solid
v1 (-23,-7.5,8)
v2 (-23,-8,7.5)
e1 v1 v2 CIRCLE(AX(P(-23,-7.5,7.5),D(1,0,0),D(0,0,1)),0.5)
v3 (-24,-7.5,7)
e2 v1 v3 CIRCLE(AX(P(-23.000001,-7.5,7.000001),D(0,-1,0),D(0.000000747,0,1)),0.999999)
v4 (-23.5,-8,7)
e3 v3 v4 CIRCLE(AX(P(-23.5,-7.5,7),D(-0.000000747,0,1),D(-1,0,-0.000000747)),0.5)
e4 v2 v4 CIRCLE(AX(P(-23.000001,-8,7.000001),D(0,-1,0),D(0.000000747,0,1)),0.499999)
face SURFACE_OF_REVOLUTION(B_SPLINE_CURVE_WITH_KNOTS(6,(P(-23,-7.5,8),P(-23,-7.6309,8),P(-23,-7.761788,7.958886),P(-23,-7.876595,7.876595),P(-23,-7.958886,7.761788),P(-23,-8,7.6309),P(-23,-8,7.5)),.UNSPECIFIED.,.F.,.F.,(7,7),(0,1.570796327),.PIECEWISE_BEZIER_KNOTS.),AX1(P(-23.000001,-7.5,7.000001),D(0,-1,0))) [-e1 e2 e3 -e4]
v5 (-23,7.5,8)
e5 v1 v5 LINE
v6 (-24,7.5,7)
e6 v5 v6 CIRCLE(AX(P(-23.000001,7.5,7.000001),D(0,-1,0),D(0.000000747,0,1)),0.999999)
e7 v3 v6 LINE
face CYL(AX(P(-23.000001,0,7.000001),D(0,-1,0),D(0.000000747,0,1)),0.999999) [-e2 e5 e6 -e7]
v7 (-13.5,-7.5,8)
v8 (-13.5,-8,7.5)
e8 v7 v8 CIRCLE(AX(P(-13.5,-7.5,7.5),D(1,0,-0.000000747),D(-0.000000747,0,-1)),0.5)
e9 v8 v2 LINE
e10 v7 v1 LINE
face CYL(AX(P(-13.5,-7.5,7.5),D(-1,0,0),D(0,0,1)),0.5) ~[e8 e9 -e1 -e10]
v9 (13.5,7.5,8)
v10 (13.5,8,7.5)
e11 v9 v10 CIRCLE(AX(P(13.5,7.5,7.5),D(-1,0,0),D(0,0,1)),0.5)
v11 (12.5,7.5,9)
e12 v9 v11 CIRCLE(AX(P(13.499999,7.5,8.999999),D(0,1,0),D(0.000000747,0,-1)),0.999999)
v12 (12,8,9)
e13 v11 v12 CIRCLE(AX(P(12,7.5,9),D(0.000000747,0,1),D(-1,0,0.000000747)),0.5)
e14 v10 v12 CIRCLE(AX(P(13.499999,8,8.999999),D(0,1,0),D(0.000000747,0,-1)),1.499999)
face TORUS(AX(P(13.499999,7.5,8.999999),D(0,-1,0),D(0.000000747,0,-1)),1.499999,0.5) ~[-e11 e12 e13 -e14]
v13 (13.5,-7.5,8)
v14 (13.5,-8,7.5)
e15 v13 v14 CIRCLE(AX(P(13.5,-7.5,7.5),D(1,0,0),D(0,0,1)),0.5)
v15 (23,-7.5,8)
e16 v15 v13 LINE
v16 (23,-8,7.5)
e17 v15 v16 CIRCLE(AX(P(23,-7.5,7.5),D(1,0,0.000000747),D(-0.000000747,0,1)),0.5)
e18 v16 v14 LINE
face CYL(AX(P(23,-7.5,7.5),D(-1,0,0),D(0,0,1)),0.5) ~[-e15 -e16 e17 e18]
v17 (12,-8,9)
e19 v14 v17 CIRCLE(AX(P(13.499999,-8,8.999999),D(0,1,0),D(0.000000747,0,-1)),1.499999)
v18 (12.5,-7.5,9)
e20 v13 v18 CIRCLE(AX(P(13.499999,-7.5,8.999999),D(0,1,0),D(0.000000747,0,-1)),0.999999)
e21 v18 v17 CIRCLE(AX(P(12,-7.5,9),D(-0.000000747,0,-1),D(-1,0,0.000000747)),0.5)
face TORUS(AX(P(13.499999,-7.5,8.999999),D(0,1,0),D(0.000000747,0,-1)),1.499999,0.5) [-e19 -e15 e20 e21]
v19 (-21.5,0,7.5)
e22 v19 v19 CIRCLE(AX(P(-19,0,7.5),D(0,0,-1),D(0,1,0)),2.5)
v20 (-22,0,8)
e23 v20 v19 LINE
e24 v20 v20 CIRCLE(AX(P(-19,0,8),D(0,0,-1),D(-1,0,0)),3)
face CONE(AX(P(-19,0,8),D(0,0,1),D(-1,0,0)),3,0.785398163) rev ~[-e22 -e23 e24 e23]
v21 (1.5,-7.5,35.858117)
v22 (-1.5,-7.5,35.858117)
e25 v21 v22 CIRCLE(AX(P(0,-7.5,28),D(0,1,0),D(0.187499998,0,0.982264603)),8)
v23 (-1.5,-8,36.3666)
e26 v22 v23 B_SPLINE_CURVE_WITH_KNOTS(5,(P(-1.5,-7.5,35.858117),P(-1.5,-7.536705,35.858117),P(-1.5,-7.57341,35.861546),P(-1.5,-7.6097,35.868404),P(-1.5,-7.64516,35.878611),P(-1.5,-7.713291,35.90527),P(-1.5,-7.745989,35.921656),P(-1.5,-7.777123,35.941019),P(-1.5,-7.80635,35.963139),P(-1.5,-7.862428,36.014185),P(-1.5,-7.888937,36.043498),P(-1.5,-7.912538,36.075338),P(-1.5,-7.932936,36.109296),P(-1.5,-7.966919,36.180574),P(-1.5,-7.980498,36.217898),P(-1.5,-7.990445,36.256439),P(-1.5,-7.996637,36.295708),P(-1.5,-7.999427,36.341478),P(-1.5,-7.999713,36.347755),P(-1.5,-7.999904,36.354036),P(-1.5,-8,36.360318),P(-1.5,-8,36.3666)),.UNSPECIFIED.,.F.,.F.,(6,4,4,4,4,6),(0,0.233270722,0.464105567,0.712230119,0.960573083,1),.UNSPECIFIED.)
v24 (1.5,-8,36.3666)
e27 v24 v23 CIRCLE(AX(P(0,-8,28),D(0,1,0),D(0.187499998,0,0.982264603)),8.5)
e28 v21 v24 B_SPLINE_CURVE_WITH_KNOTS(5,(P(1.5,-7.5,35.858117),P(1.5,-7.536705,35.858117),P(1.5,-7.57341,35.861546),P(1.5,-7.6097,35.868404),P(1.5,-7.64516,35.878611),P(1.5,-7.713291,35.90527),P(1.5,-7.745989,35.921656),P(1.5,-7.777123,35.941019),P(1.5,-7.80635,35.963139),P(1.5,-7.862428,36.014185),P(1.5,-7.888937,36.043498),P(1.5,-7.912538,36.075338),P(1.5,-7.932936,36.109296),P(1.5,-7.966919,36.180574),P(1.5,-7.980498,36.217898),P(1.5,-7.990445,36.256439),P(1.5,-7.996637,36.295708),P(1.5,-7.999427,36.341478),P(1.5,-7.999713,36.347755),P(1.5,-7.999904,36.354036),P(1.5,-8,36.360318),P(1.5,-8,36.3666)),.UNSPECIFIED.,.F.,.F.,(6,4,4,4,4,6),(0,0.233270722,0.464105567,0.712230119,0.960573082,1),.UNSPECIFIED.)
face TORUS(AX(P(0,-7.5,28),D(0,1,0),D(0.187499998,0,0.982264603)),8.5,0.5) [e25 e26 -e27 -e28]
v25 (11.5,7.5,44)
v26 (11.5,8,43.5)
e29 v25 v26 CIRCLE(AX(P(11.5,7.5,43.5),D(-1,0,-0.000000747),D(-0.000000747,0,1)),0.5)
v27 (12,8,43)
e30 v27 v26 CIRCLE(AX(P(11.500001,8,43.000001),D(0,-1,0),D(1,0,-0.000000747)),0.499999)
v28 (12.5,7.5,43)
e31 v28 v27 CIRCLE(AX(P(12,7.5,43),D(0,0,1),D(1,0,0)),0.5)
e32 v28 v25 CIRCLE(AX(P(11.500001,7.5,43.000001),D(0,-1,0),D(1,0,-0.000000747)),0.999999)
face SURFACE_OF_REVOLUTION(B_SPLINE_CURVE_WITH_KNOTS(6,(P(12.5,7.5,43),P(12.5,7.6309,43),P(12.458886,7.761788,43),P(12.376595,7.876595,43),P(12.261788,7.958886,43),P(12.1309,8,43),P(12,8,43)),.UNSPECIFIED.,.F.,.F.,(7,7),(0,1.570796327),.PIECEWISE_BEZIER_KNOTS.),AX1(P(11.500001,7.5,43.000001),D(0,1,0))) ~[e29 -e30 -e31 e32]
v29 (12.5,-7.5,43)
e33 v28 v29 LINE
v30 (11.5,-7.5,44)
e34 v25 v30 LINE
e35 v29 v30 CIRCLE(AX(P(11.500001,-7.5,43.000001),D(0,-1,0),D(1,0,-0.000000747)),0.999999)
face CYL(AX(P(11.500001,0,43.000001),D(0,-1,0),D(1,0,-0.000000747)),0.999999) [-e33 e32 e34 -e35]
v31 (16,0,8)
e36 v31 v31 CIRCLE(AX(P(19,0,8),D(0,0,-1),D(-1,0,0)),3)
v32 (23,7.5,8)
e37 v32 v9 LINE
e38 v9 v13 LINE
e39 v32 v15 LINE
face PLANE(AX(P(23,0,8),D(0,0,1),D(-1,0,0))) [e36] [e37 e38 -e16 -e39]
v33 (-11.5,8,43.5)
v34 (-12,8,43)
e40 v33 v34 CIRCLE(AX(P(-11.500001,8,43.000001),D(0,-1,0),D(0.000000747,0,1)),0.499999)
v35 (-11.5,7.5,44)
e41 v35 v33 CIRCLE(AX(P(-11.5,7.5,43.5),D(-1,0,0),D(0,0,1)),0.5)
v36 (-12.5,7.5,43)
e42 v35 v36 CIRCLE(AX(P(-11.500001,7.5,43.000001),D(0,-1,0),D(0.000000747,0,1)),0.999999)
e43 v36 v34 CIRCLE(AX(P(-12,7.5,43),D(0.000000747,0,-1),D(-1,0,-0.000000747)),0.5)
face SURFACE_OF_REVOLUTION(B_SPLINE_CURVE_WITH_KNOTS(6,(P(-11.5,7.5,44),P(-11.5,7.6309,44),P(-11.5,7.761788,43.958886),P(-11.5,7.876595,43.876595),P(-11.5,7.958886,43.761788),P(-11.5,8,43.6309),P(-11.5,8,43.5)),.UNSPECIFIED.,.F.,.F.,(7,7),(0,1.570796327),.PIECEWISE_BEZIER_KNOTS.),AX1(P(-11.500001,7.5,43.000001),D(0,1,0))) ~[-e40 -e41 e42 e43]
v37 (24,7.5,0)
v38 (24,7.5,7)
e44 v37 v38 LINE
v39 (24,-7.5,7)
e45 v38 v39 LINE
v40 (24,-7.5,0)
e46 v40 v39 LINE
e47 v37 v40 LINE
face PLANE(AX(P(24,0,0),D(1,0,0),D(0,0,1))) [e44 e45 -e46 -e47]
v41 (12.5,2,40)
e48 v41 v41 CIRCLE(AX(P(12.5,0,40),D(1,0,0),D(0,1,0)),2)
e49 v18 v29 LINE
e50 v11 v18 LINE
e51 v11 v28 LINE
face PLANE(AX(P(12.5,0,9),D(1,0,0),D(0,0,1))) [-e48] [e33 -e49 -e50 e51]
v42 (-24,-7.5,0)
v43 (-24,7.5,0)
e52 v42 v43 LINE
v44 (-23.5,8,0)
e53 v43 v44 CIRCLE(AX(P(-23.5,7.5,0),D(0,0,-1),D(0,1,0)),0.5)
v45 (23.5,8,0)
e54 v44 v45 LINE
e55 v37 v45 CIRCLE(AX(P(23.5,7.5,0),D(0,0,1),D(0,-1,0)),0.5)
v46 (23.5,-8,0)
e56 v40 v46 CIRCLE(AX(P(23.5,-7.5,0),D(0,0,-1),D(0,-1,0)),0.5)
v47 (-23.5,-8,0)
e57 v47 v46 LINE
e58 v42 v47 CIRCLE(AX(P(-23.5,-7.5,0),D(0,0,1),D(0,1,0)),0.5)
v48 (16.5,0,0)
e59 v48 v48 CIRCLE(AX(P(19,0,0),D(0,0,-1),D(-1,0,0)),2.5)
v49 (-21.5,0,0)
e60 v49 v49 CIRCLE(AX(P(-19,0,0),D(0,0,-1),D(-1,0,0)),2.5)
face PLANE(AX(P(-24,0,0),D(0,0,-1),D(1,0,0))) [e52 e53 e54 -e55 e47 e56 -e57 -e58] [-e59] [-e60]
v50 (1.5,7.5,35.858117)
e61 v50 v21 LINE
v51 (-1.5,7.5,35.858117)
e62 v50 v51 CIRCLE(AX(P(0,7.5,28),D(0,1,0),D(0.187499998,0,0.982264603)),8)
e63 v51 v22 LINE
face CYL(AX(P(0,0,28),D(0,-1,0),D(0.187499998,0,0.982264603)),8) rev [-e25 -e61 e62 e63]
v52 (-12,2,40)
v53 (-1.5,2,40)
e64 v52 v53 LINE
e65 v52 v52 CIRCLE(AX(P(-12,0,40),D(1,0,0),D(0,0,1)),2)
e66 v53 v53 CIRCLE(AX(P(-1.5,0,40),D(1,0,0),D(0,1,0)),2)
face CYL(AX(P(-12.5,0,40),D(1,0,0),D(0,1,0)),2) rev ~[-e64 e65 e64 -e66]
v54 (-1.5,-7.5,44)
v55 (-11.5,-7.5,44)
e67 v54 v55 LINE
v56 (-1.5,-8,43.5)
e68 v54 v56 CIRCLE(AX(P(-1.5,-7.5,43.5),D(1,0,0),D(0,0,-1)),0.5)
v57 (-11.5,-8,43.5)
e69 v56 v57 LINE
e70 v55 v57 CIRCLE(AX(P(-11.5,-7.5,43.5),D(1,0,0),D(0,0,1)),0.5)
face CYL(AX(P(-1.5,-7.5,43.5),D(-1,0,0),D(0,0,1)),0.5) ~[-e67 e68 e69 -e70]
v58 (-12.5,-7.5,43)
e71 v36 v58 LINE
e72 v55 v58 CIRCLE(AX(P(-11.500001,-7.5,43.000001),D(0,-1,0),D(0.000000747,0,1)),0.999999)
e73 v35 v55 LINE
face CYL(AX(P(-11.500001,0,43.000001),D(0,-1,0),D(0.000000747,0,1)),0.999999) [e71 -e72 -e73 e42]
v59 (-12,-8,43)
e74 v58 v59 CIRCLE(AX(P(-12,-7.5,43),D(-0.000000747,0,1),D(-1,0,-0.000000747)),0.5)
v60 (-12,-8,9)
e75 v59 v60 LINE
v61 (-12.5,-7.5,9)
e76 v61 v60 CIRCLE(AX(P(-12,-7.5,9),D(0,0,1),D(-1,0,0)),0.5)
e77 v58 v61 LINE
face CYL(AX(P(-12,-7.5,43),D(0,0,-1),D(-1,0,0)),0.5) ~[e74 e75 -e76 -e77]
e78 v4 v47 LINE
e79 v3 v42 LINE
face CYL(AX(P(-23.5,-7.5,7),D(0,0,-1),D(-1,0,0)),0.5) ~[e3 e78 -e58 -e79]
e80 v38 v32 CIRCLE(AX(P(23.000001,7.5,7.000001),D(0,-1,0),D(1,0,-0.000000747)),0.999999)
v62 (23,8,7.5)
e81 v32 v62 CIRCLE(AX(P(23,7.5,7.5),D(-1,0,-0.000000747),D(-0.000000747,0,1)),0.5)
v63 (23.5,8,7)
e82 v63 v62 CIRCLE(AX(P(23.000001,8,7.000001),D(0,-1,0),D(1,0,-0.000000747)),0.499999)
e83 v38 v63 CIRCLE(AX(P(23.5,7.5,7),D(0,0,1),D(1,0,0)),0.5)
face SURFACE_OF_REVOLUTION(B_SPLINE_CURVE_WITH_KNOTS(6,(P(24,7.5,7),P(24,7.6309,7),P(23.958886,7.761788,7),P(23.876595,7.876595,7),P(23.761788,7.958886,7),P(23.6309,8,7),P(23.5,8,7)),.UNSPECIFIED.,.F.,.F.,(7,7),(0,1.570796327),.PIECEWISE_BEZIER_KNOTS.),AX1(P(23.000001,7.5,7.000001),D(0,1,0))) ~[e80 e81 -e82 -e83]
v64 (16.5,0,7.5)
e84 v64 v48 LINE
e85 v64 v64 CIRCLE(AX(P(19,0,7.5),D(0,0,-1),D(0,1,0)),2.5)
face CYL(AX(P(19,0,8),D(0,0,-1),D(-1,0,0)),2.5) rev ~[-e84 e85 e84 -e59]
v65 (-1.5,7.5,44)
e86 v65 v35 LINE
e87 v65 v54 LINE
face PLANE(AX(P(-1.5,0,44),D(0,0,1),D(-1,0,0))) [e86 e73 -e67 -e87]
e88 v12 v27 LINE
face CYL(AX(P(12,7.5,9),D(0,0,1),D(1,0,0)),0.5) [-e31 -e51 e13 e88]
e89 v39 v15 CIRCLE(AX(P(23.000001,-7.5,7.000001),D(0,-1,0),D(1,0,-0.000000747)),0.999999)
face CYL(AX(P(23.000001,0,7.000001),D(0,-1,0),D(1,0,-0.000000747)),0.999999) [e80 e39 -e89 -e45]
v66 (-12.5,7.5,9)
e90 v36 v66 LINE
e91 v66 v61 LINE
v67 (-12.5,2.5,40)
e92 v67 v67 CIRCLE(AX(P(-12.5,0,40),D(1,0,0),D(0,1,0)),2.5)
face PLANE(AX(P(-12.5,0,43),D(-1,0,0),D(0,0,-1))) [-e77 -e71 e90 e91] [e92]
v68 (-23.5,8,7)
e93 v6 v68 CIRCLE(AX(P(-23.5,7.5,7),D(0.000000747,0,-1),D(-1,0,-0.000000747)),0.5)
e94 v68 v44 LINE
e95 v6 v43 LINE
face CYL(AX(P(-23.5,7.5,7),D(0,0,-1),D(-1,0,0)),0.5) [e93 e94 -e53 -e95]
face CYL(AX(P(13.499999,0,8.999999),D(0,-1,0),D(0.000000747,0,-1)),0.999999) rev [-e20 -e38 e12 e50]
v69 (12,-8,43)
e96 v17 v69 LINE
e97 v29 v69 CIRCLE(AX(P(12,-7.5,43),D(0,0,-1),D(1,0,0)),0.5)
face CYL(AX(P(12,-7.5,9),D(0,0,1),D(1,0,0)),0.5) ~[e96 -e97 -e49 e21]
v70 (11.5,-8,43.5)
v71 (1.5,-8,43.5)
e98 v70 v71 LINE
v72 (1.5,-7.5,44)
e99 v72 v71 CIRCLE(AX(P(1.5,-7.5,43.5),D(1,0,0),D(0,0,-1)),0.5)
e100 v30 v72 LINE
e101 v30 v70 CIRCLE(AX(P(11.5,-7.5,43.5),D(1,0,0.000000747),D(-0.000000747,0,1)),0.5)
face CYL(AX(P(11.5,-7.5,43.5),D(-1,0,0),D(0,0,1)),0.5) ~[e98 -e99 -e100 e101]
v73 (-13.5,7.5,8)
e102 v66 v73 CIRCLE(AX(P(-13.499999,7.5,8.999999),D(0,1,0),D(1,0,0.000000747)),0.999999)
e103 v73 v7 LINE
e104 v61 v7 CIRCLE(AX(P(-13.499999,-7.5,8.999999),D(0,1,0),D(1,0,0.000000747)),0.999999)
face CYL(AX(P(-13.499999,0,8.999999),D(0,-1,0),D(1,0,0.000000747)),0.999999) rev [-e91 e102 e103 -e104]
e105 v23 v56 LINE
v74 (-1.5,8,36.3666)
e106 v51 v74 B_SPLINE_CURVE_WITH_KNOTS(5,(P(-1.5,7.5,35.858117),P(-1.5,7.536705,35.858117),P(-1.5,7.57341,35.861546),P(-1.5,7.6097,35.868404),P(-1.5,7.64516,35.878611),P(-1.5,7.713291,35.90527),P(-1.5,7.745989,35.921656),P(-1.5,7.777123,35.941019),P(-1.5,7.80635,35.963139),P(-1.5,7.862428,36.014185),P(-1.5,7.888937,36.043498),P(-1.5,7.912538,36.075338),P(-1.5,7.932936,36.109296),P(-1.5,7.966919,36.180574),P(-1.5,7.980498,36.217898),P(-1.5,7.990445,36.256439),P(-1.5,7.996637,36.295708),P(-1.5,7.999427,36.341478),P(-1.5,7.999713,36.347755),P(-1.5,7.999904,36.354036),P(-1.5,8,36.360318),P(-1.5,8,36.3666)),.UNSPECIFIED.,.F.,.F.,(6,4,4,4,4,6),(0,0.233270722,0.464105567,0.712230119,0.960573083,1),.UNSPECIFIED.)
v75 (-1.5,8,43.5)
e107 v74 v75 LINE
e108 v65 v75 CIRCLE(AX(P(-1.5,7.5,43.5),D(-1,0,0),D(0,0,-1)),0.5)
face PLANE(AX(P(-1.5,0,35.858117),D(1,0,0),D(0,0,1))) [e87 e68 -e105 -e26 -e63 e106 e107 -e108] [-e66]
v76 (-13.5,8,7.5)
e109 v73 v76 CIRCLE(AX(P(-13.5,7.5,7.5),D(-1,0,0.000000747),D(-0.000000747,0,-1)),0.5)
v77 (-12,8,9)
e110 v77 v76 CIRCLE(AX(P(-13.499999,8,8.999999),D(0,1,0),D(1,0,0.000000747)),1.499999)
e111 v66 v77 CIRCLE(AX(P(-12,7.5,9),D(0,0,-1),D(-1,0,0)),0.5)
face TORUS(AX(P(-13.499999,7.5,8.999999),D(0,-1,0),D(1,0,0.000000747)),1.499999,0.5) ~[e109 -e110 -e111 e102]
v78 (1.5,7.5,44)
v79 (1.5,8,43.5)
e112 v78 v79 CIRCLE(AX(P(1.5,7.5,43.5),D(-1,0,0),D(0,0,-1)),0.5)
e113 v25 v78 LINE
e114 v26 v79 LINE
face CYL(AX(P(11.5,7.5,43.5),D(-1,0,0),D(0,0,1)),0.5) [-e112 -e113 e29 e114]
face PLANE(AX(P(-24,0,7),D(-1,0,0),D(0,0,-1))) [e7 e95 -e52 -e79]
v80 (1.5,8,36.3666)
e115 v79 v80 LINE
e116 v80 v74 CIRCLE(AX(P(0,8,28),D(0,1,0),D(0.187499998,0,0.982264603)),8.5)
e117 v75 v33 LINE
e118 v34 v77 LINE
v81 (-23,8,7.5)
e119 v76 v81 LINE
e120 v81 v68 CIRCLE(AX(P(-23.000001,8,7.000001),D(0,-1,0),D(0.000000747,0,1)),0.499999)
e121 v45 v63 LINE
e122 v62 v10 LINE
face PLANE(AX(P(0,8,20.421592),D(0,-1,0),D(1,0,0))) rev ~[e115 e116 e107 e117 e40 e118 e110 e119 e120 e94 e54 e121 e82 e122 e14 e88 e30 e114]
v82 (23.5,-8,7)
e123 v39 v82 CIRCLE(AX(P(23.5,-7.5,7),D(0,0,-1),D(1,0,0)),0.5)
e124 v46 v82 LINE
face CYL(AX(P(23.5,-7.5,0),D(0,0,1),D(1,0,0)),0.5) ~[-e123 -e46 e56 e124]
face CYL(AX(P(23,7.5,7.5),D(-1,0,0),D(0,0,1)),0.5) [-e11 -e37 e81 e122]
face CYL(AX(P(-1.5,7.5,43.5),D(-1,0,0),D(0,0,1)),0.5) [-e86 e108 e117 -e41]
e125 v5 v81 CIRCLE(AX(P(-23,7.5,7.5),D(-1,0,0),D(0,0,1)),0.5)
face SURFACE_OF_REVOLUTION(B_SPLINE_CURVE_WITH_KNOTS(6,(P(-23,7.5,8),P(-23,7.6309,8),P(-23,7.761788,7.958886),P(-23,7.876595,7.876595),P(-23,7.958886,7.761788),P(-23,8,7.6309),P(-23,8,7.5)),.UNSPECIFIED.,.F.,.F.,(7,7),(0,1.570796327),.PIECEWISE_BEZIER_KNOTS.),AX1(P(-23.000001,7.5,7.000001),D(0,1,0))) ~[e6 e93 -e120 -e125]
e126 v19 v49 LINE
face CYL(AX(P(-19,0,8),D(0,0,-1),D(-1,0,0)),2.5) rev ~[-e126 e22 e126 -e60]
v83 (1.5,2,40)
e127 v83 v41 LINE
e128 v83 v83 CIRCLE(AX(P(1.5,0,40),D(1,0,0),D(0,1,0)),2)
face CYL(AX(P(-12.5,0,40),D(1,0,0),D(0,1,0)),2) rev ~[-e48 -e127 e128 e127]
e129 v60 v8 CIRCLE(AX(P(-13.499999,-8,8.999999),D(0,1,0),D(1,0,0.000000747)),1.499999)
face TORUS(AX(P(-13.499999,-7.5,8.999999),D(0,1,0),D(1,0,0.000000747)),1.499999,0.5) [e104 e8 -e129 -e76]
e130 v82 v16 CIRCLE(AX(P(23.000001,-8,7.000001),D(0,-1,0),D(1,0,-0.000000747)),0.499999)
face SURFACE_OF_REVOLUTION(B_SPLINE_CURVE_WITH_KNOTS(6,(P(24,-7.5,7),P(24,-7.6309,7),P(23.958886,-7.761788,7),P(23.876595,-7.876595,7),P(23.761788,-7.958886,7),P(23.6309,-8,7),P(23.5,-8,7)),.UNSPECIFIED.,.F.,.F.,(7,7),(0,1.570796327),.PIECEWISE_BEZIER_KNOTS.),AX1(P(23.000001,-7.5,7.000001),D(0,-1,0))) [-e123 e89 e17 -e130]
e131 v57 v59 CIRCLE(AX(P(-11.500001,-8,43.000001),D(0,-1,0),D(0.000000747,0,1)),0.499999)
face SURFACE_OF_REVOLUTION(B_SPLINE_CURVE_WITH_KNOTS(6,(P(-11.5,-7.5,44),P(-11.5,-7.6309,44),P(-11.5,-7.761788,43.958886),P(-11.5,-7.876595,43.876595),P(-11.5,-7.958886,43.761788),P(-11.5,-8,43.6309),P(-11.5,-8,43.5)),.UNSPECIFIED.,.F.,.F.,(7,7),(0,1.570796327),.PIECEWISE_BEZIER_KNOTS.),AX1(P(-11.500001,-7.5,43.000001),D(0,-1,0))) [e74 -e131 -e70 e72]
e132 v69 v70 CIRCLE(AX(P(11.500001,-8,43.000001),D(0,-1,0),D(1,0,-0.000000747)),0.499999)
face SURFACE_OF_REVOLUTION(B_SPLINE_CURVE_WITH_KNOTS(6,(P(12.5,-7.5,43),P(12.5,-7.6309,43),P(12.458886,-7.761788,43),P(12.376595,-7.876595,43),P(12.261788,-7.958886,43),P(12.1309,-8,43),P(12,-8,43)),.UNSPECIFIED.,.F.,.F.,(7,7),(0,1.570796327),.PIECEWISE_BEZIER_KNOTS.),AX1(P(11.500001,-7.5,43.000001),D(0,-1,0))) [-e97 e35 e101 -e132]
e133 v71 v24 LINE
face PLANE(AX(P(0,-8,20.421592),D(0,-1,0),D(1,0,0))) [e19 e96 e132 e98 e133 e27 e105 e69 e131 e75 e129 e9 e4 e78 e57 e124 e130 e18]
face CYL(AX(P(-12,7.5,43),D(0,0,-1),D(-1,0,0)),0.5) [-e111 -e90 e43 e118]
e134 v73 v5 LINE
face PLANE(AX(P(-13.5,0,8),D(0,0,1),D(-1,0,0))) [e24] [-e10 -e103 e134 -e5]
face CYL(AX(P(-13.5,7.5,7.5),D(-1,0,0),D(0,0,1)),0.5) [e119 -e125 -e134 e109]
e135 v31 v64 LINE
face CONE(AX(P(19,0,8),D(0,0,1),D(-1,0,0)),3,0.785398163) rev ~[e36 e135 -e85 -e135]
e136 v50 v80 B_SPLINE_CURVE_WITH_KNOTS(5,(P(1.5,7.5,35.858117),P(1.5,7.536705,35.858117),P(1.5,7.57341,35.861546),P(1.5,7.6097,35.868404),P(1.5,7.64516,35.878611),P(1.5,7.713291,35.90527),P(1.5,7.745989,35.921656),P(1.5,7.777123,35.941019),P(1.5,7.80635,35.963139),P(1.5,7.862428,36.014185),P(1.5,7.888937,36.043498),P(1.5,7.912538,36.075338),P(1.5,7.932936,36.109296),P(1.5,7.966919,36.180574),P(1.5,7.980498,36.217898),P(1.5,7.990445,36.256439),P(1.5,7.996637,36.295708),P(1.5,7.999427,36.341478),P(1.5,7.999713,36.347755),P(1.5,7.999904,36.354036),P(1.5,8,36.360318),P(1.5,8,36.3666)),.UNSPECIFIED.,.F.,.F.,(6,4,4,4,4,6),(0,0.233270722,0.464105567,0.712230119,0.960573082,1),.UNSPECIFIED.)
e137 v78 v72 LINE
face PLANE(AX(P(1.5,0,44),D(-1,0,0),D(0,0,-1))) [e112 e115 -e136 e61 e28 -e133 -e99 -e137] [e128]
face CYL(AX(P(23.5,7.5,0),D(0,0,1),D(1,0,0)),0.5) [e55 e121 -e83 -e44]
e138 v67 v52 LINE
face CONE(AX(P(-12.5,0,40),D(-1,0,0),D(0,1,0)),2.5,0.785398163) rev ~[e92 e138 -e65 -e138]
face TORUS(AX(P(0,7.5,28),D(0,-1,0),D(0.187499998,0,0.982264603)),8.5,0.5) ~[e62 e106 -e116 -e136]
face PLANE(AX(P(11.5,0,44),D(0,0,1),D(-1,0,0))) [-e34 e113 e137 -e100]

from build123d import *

# Parameters (mm, degrees)
F1_DEPTH       = 8
F3_D           = 5
F3_CSINK_D     = 6
F3_CSINK_ANGLE = 90
F4_R           = 0.5
F6_D           = 4
F6_CSINK_D     = 5
F6_CSINK_ANGLE = 90


with BuildPart() as f1:
    # F0 (on Front) → F1 (new body, symmetric)
    with BuildSketch(Plane.XZ):
        with BuildLine():
            Line((-24, 0), (24, 0))
            Line((24, 0), (24, 7))
            ThreePointArc((24, 7), (23.707107, 7.707107), (23, 8))
            Line((23, 8), (13.5, 8))
            ThreePointArc((13.5, 8), (12.792893, 8.292893), (12.5, 9))
            Line((12.5, 9), (12.5, 43))
            ThreePointArc((12.5, 43), (12.207107, 43.707107), (11.5, 44))
            Line((11.5, 44), (1.5, 44))
            Line((1.5, 44), (1.5, 35.858117))
            ThreePointArc((1.5, 35.858117), (0, 20), (-1.5, 35.858117))
            Line((-1.5, 35.858117), (-1.5, 44))
            Line((-1.5, 44), (-11.5, 44))
            ThreePointArc((-11.5, 44), (-12.207107, 43.707107), (-12.5, 43))
            Line((-12.5, 43), (-12.5, 9))
            ThreePointArc((-12.5, 9), (-12.792893, 8.292893), (-13.5, 8))
            Line((-13.5, 8), (-23, 8))
            ThreePointArc((-23, 8), (-23.707107, 7.707107), (-24, 7))
            Line((-24, 7), (-24, 0))
        make_face()
    extrude(amount=F1_DEPTH, both=True)

    # F3 (through all)
    with Locations(Plane.XY.offset(8)):
        with Locations((-19, 0), (19, 0)):
            CounterSinkHole(F3_D / 2, F3_CSINK_D / 2, counter_sink_angle=F3_CSINK_ANGLE)

    # F4
    f4_edges = [f1.edges().sort_by_distance(p)[0] for p in [
        (12.5, -8, 26),
        (-12.5, -8, 26),
        (-12.5, 8, 26),
        (12.5, 8, 26),
        (0, -8, 20),
        (0, 8, 20),
    ]]
    fillet(f4_edges, radius=F4_R)

    # F6 (through all)
    with Locations(Plane(origin=(-12.5, 0, 0), x_dir=(0, -1, 0), z_dir=(-1, 0, 0))):
        with Locations((0, 40)):
            CounterSinkHole(F6_D / 2, F6_CSINK_D / 2, counter_sink_angle=F6_CSINK_ANGLE)


solid = f1.part
